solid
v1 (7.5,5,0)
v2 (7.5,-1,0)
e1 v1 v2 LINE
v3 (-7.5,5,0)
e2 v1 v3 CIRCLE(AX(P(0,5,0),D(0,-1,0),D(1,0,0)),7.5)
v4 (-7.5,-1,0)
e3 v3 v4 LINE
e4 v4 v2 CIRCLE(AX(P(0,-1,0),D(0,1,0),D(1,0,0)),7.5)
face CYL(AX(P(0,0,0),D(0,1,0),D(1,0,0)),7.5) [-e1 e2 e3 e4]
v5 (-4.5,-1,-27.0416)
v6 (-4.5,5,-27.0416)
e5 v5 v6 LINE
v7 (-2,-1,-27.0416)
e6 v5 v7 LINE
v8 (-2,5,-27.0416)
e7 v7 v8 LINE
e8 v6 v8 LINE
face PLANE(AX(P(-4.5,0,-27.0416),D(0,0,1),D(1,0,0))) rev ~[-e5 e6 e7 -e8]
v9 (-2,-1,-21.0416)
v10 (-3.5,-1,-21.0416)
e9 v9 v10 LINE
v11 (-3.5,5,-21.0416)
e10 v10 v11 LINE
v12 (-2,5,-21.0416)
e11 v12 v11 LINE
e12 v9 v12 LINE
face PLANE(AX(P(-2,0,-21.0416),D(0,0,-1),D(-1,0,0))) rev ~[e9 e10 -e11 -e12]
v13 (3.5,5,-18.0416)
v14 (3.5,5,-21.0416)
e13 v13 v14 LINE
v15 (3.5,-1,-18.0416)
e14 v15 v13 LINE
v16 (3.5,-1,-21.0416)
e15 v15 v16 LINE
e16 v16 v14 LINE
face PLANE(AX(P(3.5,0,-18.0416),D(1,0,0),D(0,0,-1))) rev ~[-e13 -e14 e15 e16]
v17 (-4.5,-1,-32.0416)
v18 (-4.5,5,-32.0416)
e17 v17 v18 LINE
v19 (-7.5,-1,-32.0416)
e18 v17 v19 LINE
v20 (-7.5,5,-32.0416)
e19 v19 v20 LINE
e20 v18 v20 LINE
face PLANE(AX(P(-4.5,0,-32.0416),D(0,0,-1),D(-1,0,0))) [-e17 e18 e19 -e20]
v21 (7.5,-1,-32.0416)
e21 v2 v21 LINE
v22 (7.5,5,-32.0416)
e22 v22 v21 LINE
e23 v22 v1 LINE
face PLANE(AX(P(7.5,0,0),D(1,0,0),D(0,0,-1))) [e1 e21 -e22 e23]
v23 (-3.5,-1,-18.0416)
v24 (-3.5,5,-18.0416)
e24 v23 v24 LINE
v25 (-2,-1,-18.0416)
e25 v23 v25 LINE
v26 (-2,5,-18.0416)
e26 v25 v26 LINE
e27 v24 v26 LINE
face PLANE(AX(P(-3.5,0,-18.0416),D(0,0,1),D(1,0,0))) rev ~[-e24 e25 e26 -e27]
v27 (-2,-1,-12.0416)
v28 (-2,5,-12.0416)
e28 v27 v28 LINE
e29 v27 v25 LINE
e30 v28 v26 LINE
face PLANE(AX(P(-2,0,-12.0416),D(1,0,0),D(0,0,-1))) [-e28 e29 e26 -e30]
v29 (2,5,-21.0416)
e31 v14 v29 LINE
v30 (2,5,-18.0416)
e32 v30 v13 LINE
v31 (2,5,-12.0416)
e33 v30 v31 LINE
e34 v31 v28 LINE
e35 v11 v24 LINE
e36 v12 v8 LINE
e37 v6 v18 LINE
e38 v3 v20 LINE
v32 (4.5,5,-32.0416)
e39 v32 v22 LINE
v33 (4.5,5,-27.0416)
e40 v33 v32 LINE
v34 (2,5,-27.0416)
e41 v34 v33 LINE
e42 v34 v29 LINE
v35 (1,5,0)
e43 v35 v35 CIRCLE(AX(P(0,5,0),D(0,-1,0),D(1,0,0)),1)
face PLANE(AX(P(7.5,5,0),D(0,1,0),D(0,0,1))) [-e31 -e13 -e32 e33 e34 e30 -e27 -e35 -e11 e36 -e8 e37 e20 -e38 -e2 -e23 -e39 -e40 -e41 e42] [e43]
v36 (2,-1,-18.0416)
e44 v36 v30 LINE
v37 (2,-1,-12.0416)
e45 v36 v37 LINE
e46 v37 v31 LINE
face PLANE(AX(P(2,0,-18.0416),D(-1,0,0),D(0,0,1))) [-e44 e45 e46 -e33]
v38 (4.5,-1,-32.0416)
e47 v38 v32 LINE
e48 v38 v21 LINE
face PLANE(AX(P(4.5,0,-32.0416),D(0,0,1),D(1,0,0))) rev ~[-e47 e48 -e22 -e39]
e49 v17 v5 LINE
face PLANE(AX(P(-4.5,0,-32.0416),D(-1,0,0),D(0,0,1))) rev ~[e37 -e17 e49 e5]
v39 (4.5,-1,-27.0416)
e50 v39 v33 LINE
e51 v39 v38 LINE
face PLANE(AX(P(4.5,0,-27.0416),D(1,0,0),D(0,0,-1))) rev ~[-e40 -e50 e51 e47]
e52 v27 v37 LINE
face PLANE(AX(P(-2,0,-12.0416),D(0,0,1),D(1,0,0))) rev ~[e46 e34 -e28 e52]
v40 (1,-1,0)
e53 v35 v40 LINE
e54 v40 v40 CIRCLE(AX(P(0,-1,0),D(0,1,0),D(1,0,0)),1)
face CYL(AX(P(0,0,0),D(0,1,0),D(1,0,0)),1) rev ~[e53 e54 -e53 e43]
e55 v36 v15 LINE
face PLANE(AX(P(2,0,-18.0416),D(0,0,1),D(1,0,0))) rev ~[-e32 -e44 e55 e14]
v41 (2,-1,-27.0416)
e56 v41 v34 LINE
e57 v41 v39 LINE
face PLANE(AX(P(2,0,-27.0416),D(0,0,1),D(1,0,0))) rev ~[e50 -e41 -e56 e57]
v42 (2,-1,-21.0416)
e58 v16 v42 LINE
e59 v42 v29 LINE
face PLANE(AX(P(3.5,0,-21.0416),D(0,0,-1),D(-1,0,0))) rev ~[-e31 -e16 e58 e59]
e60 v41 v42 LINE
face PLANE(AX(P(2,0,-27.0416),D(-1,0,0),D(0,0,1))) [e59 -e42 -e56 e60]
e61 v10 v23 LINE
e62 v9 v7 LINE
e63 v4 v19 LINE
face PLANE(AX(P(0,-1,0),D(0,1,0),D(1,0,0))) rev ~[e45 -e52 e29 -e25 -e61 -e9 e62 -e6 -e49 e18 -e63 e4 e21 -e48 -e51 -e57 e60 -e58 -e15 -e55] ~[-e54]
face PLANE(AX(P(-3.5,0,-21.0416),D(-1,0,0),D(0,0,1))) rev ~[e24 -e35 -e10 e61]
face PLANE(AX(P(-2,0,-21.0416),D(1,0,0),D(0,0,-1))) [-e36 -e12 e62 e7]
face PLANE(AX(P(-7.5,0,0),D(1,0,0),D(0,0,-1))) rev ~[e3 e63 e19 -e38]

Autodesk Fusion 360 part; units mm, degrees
sketch "Sketch1" plane through (0, 0, 0) normal (0, 1, 0) x (1, 0, 0)
  circle A0 centre (0, 0) radius 28.5
  line L0 (-9, 27.0416) -> (9, 27.0416)
  line L1 (-27.3663, -7.9584) -> (-39.2742, -7.9584)
  line L2 (-49.2742, 2.0416) -> (-49.2742, 27.0416)
  line L3 (-49.2742, 27.0416) -> (-9, 27.0416)
  line L4 (-41.2742, 27.0416) -> (-34.2742, 27.0416)
  line L5 (-34.2742, 27.0416) -> (-34.2742, 2.0416)
  line L6 (-34.2742, 2.0416) -> (-41.2742, 2.0416)
  line L7 (-41.2742, 2.0416) -> (-41.2742, 27.0416)
  line L8 (-41.2742, 2.0416) -> (-49.2742, 2.0416)
  line L9 (-49.2742, 2.0416) -> (-34.2742, 2.0416)
  line L10 (-28.4268, 2.0416) -> (-34.2742, 2.0416)
  line L11 (-44.2742, 11.0416) -> (-31.2742, 11.0416)
  line L12 (-31.2742, 11.0416) -> (-31.2742, 18.0416)
  line L13 (-31.2742, 18.0416) -> (-44.2742, 18.0416)
  line L14 (-44.2742, 18.0416) -> (-44.2742, 11.0416)
  line L15 (-37.7742, 18.0416) -> (-37.7742, 27.0416)
  line L16 (-44.2742, 14.5416) -> (-41.2742, 14.5416)
  line L17 (-44.2742, 11.0416) -> (-49.2742, 11.0416)
  line L18 (-31.2742, 11.0416) -> (-26.2742, 11.0416)
  arc A1 (-49.2742, 2.0416) -> (-39.2742, -7.9584) centre (-39.2742, 2.0416) ccw
  line L19 (0, 27.0416) -> (0, 0)
  line L20 (27.3663, -7.9584) -> (39.2742, -7.9584)
  arc A2 (39.2742, -7.9584) -> (49.2742, 2.0416) centre (39.2742, 2.0416) ccw
  line L21 (49.2742, 2.0416) -> (49.2742, 27.0416)
  line L22 (49.2742, 27.0416) -> (9, 27.0416)
  line L23 (31.2742, 18.0416) -> (44.2742, 18.0416)
  line L24 (31.2742, 11.0416) -> (31.2742, 18.0416)
  line L25 (44.2742, 11.0416) -> (31.2742, 11.0416)
  line L26 (44.2742, 18.0416) -> (44.2742, 11.0416)
  line L27 (41.2742, 2.0416) -> (41.2742, 27.0416)
  line L28 (34.2742, 27.0416) -> (34.2742, 2.0416)
  line L29 (34.2742, 2.0416) -> (41.2742, 2.0416)
  circle A3 centre (0, 0) radius 1
  circle A4 centre (0, 0) radius 7.5
  line L30 (0, 0) -> (-7.5, 0)
  line L31 (-7.5, 0) -> (-7.5, 27.0416)
  line L32 (0, 0) -> (7.5, 0)
  line L33 (7.5, 0) -> (7.5, 27.0416)
  line L34 (-2, 27.0416) -> (2, 27.0416)
  line L35 (2, 27.0416) -> (2, 12.0416)
  line L36 (2, 12.0416) -> (-2, 12.0416)
  line L37 (-2, 12.0416) -> (-2, 27.0416)
  line L38 (-3.5, 18.0416) -> (3.5, 18.0416)
  line L39 (3.5, 18.0416) -> (3.5, 21.0416)
  line L40 (3.5, 21.0416) -> (-3.5, 21.0416)
  line L41 (-3.5, 21.0416) -> (-3.5, 18.0416)
  line L42 (-2, 19.5416) -> (-3.5, 19.5416)
  line L43 (-7.5, 27.0416) -> (-4.5, 27.0416)
  line L44 (-4.5, 27.0416) -> (-4.5, 32.0416)
  line L45 (-4.5, 32.0416) -> (-7.5, 32.0416)
  line L46 (-7.5, 32.0416) -> (-7.5, 27.0416)
  line L47 (7.5, 27.0416) -> (4.5, 27.0416)
  line L48 (4.5, 27.0416) -> (4.5, 32.0416)
  line L49 (4.5, 32.0416) -> (7.5, 32.0416)
  line L50 (7.5, 32.0416) -> (7.5, 27.0416)
  point P0 (0, 21.0416)
  point P1 (0, 27.0416)
  dimension "d1" = 57
  dimension "d2" = 18
  dimension "d3" = 25
  dimension "d4" = 90
  dimension "d5" = 10
  dimension "d8" = 7
  dimension "d9" = 7
  dimension "d10" = 13
  dimension "d11" = 90
  dimension "d12" = 90
  dimension "d13" = 5
  dimension "d14" = 5
  dimension "d15" = 10
  dimension "d18" = 2
  dimension "d19" = 15
  dimension "d20" = 4
  dimension "d21" = 15
  dimension "d22" = 3
  dimension "d23" = 7
  dimension "d24" = 90
  dimension "d25" = 5
  dimension "d26" = 5
  dimension "d27" = 3
  dimension "d28" = 3
extrude "Extrude1" add sketch "Sketch1" along normal blind 100 contours A0 L0 L47 L48 L50 | A0 L48 L49 L50 | L0 L19 A4 L33 L35 L36 L38 L39 L40 L47 | L19 A3 A4 L32 | A3 A4 L30 L32 | A0 L0 L43 L44 L46 | A0 L44 L45 L46 | L0 L19 A4 L31 L36 L37 L38 L40 L41 L43 | L19 A3 A4 L30
sketch "Sketch2" plane through (7.5, 0, 0) normal (1, 0, 0) x (0, 1, 0)
  line L0 (0, 0) -> (0, -32.0416)
  line L1 (0, -32.0416) -> (100, -32.0416)
  line L2 (100, -32.0416) -> (100, 0)
  line L3 (100, 0) -> (0, 0)
  line L4 (5, 16.673) -> (106.6592, 16.673)
  line L5 (106.6592, 16.673) -> (106.6592, -53.0106)
  line L6 (106.6592, -53.0106) -> (5, -53.0106)
  line L7 (5, -53.0106) -> (5, 16.673)
  dimension "d29" = 5
extrude "Extrude2" cut sketch "Sketch2" against normal blind 100 contours L1 L2 L3 L4 L5 L6 L7 | L1 L2 L3 L7
extrude "Extrude3" add 1 faces at (-3.3745, 0, -4.2745) along direction (0, -1, 0) blind 1
